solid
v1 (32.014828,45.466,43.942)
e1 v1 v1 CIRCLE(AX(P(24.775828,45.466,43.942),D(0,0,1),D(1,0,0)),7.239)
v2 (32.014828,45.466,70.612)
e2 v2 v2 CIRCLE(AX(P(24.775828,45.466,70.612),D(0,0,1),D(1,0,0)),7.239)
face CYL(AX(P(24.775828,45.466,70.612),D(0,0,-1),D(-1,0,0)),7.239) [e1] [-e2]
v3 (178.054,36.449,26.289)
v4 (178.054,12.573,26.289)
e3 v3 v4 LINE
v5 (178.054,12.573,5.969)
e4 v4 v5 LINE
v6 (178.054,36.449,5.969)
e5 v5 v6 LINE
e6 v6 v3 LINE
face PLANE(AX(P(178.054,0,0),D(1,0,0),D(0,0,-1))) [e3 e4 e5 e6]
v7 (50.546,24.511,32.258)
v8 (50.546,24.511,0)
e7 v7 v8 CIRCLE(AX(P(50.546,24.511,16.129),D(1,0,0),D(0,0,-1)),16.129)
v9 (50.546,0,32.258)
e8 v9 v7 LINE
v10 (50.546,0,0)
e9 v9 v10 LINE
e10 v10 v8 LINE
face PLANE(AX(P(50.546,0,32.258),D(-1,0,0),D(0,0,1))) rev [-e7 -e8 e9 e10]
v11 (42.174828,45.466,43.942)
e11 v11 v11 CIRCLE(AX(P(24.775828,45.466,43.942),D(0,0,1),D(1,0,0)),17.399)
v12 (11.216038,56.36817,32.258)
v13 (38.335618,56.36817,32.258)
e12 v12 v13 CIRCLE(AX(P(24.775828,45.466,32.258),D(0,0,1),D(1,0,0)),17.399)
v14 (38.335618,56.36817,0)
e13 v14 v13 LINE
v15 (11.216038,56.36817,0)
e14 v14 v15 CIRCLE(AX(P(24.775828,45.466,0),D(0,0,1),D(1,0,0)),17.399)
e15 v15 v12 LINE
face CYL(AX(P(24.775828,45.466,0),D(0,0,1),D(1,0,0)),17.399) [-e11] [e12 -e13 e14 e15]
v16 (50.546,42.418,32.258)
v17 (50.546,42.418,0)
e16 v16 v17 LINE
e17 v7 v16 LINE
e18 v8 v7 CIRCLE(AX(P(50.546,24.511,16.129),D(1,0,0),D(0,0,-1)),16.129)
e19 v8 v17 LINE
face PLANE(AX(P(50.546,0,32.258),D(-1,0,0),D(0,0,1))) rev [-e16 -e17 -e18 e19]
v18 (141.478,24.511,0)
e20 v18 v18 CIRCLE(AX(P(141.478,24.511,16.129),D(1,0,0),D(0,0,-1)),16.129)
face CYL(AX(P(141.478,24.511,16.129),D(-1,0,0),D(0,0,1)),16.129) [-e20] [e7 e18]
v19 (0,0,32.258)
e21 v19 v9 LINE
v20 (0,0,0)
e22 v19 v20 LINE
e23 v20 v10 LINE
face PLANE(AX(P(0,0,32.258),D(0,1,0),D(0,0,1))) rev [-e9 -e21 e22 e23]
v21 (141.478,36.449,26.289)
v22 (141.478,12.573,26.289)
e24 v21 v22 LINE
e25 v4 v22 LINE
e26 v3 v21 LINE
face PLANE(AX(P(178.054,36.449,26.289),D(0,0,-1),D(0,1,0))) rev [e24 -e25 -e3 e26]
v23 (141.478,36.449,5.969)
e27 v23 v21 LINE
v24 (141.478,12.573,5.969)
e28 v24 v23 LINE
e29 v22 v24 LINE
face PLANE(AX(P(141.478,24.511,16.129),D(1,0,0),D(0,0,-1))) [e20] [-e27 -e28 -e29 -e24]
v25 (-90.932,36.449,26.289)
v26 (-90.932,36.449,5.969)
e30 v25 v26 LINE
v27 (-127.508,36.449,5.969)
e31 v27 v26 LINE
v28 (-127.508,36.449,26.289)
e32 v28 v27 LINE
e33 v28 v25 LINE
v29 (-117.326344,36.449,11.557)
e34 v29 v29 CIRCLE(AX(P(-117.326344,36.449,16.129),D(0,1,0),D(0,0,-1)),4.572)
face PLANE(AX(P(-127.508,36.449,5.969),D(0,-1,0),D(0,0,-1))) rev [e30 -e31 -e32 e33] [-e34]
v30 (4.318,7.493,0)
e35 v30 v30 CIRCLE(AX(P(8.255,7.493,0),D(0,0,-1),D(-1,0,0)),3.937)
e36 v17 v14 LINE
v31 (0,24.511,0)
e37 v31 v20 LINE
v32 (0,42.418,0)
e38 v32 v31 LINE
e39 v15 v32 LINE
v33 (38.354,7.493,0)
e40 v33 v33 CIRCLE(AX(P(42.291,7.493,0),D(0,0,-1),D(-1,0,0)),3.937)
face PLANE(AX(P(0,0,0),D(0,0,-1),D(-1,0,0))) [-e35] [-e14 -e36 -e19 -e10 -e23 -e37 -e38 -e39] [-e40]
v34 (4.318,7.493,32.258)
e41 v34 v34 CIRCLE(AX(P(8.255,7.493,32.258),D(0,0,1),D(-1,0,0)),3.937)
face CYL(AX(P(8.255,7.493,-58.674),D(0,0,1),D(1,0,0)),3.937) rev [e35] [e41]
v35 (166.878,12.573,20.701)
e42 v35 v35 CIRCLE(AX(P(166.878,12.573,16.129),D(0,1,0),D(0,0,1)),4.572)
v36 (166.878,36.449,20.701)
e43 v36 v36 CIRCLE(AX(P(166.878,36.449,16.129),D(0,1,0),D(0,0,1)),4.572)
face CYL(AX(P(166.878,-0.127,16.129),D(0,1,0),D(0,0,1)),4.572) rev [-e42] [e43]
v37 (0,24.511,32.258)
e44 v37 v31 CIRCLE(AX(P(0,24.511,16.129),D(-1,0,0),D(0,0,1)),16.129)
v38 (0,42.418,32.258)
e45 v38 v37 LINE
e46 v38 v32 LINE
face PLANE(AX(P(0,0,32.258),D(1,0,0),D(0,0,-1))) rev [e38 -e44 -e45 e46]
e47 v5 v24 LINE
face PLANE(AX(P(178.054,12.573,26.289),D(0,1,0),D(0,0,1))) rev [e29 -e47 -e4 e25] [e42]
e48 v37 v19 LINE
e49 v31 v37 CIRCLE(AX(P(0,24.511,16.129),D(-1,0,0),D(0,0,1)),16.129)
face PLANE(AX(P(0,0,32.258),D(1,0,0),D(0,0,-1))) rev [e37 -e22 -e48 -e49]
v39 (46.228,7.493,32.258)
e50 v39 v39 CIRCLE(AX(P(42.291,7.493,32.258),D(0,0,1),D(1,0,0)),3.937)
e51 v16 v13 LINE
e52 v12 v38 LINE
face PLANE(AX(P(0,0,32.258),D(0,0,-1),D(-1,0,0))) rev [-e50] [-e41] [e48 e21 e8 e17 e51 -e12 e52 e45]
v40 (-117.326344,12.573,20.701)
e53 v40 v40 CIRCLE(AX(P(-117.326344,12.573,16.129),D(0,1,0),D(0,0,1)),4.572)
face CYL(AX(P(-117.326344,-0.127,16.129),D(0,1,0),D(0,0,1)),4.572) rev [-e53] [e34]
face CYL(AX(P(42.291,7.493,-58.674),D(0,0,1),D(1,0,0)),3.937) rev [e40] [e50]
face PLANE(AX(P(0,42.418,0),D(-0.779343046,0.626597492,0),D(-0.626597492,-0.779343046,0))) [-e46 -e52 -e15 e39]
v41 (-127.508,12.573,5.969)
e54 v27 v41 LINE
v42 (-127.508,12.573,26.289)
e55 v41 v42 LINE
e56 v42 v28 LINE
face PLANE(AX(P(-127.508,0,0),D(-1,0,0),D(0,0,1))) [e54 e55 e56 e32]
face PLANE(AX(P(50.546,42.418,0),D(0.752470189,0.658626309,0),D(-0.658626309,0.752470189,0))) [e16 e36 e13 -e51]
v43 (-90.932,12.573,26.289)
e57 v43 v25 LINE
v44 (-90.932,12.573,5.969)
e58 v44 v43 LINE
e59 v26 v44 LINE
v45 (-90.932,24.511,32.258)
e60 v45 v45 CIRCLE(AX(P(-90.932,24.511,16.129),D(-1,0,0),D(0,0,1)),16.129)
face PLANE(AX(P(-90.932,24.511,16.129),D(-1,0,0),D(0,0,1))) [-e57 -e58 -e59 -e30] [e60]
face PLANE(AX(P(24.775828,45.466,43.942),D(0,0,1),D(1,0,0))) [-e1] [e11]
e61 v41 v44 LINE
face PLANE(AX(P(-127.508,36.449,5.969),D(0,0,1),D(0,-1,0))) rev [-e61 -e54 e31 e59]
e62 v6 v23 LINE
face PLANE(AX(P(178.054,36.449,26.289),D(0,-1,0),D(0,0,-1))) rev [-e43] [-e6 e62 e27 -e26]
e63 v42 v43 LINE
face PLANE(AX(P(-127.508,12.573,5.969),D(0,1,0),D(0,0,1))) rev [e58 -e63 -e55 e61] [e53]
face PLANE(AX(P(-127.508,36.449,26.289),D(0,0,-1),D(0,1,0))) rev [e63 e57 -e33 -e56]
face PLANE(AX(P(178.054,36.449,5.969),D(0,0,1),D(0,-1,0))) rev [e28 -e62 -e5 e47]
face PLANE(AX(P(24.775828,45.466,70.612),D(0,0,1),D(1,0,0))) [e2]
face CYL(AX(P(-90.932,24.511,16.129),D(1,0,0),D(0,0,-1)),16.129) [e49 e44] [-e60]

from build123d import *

# Parameters (mm, degrees)
SKETCH1_W           = 50.546
SKETCH1_H           = 42.418
BOSS_EXTRUDE1_DEPTH = 32.258
BOSS_EXTRUDE2_DEPTH = 32.258
SKETCH3_R           = 16.129
BOSS_EXTRUDE3_DEPTH = 90.932
SKETCH5_R           = 16.129
BOSS_EXTRUDE4_DEPTH = 90.932
SKETCH6_R           = 3.937
CUT_EXTRUDE1_DEPTH  = 90.932
SKETCH8_R           = 17.399
BOSS_EXTRUDE5_DEPTH = 11.684
SKETCH9_R           = 7.239
BOSS_EXTRUDE6_DEPTH = 26.67
SKETCH10_W          = 20.32
SKETCH10_H          = 23.876
BOSS_EXTRUDE7_DEPTH = 36.576
SKETCH11_W          = 20.32
SKETCH11_H          = 23.876
BOSS_EXTRUDE8_DEPTH = 36.576
SKETCH12_R          = 4.572
CUT_EXTRUDE2_DEPTH  = 36.576


with BuildPart() as part:
    # Sketch1 → Boss-Extrude1 (new body)
    with BuildSketch(Plane.XY):
        with Locations((25.273, 21.209)):
            Rectangle(SKETCH1_W, SKETCH1_H)
    extrude(amount=BOSS_EXTRUDE1_DEPTH)

    # Sketch2 → Boss-Extrude2 (add)
    with BuildSketch(Plane.XY.offset(32.258)):
        with BuildLine():
            Line((0, 42.418), (11.216038208, 56.368169759))
            ThreePointArc((11.216038208, 56.368169759), (24.775827865, 62.865), (38.335617522, 56.368169759))
            Line((38.335617522, 56.368169759), (50.546, 42.418))
            Line((50.546, 42.418), (0, 42.418))
        make_face()
    extrude(amount=-BOSS_EXTRUDE2_DEPTH)

    # Sketch3 → Boss-Extrude3 (add)
    with BuildSketch(Plane.ZY):
        with Locations((16.129, 24.511)):
            Circle(SKETCH3_R)
    extrude(amount=BOSS_EXTRUDE3_DEPTH)

    # Sketch5 → Boss-Extrude4 (add)
    with BuildSketch(Plane(origin=(50.546, 0, 0), x_dir=(0, 0, -1), z_dir=(1, 0, 0))):
        with Locations((-16.129, 24.511)):
            Circle(SKETCH5_R)
    extrude(amount=BOSS_EXTRUDE4_DEPTH)

    # Sketch6 → Cut-Extrude1 (cut)
    with BuildSketch(Plane.XY.offset(32.258)):
        with Locations((42.291, 7.493)):
            Circle(SKETCH6_R)
        with Locations((8.255, 7.493)):
            Circle(SKETCH6_R)
    extrude(amount=-CUT_EXTRUDE1_DEPTH, mode=Mode.SUBTRACT)

    # Sketch8 → Boss-Extrude5 (add)
    with BuildSketch(Plane.XY.offset(32.258)):
        with Locations((24.775827865, 45.466)):
            Circle(SKETCH8_R)
    extrude(amount=BOSS_EXTRUDE5_DEPTH)

    # Sketch9 → Boss-Extrude6 (add)
    with BuildSketch(Plane.XY.offset(43.942)):
        with Locations((24.775827865, 45.466)):
            Circle(SKETCH9_R)
    extrude(amount=BOSS_EXTRUDE6_DEPTH)

    # Sketch10 → Boss-Extrude7 (add)
    with BuildSketch(Plane(origin=(141.478, 0, 0), x_dir=(0, 0, -1), z_dir=(1, 0, 0))):
        with Locations((-16.129, 24.511)):
            Rectangle(SKETCH10_W, SKETCH10_H)
    extrude(amount=BOSS_EXTRUDE7_DEPTH)

    # Sketch11 → Boss-Extrude8 (add)
    with BuildSketch(Plane.ZY.offset(90.932)):
        with Locations((16.129, 24.511)):
            Rectangle(SKETCH11_W, SKETCH11_H)
    extrude(amount=BOSS_EXTRUDE8_DEPTH)

    # Sketch12 → Cut-Extrude2 (cut)
    with BuildSketch(Plane(origin=(0, 36.449, 0), x_dir=(1, 0, 0), z_dir=(0, 1, 0))):
        with Locations((166.878, -16.129)):
            Circle(SKETCH12_R)
        with Locations((-117.326344271, -16.129)):
            Circle(SKETCH12_R)
    extrude(amount=-CUT_EXTRUDE2_DEPTH, mode=Mode.SUBTRACT)


solid = part.part
